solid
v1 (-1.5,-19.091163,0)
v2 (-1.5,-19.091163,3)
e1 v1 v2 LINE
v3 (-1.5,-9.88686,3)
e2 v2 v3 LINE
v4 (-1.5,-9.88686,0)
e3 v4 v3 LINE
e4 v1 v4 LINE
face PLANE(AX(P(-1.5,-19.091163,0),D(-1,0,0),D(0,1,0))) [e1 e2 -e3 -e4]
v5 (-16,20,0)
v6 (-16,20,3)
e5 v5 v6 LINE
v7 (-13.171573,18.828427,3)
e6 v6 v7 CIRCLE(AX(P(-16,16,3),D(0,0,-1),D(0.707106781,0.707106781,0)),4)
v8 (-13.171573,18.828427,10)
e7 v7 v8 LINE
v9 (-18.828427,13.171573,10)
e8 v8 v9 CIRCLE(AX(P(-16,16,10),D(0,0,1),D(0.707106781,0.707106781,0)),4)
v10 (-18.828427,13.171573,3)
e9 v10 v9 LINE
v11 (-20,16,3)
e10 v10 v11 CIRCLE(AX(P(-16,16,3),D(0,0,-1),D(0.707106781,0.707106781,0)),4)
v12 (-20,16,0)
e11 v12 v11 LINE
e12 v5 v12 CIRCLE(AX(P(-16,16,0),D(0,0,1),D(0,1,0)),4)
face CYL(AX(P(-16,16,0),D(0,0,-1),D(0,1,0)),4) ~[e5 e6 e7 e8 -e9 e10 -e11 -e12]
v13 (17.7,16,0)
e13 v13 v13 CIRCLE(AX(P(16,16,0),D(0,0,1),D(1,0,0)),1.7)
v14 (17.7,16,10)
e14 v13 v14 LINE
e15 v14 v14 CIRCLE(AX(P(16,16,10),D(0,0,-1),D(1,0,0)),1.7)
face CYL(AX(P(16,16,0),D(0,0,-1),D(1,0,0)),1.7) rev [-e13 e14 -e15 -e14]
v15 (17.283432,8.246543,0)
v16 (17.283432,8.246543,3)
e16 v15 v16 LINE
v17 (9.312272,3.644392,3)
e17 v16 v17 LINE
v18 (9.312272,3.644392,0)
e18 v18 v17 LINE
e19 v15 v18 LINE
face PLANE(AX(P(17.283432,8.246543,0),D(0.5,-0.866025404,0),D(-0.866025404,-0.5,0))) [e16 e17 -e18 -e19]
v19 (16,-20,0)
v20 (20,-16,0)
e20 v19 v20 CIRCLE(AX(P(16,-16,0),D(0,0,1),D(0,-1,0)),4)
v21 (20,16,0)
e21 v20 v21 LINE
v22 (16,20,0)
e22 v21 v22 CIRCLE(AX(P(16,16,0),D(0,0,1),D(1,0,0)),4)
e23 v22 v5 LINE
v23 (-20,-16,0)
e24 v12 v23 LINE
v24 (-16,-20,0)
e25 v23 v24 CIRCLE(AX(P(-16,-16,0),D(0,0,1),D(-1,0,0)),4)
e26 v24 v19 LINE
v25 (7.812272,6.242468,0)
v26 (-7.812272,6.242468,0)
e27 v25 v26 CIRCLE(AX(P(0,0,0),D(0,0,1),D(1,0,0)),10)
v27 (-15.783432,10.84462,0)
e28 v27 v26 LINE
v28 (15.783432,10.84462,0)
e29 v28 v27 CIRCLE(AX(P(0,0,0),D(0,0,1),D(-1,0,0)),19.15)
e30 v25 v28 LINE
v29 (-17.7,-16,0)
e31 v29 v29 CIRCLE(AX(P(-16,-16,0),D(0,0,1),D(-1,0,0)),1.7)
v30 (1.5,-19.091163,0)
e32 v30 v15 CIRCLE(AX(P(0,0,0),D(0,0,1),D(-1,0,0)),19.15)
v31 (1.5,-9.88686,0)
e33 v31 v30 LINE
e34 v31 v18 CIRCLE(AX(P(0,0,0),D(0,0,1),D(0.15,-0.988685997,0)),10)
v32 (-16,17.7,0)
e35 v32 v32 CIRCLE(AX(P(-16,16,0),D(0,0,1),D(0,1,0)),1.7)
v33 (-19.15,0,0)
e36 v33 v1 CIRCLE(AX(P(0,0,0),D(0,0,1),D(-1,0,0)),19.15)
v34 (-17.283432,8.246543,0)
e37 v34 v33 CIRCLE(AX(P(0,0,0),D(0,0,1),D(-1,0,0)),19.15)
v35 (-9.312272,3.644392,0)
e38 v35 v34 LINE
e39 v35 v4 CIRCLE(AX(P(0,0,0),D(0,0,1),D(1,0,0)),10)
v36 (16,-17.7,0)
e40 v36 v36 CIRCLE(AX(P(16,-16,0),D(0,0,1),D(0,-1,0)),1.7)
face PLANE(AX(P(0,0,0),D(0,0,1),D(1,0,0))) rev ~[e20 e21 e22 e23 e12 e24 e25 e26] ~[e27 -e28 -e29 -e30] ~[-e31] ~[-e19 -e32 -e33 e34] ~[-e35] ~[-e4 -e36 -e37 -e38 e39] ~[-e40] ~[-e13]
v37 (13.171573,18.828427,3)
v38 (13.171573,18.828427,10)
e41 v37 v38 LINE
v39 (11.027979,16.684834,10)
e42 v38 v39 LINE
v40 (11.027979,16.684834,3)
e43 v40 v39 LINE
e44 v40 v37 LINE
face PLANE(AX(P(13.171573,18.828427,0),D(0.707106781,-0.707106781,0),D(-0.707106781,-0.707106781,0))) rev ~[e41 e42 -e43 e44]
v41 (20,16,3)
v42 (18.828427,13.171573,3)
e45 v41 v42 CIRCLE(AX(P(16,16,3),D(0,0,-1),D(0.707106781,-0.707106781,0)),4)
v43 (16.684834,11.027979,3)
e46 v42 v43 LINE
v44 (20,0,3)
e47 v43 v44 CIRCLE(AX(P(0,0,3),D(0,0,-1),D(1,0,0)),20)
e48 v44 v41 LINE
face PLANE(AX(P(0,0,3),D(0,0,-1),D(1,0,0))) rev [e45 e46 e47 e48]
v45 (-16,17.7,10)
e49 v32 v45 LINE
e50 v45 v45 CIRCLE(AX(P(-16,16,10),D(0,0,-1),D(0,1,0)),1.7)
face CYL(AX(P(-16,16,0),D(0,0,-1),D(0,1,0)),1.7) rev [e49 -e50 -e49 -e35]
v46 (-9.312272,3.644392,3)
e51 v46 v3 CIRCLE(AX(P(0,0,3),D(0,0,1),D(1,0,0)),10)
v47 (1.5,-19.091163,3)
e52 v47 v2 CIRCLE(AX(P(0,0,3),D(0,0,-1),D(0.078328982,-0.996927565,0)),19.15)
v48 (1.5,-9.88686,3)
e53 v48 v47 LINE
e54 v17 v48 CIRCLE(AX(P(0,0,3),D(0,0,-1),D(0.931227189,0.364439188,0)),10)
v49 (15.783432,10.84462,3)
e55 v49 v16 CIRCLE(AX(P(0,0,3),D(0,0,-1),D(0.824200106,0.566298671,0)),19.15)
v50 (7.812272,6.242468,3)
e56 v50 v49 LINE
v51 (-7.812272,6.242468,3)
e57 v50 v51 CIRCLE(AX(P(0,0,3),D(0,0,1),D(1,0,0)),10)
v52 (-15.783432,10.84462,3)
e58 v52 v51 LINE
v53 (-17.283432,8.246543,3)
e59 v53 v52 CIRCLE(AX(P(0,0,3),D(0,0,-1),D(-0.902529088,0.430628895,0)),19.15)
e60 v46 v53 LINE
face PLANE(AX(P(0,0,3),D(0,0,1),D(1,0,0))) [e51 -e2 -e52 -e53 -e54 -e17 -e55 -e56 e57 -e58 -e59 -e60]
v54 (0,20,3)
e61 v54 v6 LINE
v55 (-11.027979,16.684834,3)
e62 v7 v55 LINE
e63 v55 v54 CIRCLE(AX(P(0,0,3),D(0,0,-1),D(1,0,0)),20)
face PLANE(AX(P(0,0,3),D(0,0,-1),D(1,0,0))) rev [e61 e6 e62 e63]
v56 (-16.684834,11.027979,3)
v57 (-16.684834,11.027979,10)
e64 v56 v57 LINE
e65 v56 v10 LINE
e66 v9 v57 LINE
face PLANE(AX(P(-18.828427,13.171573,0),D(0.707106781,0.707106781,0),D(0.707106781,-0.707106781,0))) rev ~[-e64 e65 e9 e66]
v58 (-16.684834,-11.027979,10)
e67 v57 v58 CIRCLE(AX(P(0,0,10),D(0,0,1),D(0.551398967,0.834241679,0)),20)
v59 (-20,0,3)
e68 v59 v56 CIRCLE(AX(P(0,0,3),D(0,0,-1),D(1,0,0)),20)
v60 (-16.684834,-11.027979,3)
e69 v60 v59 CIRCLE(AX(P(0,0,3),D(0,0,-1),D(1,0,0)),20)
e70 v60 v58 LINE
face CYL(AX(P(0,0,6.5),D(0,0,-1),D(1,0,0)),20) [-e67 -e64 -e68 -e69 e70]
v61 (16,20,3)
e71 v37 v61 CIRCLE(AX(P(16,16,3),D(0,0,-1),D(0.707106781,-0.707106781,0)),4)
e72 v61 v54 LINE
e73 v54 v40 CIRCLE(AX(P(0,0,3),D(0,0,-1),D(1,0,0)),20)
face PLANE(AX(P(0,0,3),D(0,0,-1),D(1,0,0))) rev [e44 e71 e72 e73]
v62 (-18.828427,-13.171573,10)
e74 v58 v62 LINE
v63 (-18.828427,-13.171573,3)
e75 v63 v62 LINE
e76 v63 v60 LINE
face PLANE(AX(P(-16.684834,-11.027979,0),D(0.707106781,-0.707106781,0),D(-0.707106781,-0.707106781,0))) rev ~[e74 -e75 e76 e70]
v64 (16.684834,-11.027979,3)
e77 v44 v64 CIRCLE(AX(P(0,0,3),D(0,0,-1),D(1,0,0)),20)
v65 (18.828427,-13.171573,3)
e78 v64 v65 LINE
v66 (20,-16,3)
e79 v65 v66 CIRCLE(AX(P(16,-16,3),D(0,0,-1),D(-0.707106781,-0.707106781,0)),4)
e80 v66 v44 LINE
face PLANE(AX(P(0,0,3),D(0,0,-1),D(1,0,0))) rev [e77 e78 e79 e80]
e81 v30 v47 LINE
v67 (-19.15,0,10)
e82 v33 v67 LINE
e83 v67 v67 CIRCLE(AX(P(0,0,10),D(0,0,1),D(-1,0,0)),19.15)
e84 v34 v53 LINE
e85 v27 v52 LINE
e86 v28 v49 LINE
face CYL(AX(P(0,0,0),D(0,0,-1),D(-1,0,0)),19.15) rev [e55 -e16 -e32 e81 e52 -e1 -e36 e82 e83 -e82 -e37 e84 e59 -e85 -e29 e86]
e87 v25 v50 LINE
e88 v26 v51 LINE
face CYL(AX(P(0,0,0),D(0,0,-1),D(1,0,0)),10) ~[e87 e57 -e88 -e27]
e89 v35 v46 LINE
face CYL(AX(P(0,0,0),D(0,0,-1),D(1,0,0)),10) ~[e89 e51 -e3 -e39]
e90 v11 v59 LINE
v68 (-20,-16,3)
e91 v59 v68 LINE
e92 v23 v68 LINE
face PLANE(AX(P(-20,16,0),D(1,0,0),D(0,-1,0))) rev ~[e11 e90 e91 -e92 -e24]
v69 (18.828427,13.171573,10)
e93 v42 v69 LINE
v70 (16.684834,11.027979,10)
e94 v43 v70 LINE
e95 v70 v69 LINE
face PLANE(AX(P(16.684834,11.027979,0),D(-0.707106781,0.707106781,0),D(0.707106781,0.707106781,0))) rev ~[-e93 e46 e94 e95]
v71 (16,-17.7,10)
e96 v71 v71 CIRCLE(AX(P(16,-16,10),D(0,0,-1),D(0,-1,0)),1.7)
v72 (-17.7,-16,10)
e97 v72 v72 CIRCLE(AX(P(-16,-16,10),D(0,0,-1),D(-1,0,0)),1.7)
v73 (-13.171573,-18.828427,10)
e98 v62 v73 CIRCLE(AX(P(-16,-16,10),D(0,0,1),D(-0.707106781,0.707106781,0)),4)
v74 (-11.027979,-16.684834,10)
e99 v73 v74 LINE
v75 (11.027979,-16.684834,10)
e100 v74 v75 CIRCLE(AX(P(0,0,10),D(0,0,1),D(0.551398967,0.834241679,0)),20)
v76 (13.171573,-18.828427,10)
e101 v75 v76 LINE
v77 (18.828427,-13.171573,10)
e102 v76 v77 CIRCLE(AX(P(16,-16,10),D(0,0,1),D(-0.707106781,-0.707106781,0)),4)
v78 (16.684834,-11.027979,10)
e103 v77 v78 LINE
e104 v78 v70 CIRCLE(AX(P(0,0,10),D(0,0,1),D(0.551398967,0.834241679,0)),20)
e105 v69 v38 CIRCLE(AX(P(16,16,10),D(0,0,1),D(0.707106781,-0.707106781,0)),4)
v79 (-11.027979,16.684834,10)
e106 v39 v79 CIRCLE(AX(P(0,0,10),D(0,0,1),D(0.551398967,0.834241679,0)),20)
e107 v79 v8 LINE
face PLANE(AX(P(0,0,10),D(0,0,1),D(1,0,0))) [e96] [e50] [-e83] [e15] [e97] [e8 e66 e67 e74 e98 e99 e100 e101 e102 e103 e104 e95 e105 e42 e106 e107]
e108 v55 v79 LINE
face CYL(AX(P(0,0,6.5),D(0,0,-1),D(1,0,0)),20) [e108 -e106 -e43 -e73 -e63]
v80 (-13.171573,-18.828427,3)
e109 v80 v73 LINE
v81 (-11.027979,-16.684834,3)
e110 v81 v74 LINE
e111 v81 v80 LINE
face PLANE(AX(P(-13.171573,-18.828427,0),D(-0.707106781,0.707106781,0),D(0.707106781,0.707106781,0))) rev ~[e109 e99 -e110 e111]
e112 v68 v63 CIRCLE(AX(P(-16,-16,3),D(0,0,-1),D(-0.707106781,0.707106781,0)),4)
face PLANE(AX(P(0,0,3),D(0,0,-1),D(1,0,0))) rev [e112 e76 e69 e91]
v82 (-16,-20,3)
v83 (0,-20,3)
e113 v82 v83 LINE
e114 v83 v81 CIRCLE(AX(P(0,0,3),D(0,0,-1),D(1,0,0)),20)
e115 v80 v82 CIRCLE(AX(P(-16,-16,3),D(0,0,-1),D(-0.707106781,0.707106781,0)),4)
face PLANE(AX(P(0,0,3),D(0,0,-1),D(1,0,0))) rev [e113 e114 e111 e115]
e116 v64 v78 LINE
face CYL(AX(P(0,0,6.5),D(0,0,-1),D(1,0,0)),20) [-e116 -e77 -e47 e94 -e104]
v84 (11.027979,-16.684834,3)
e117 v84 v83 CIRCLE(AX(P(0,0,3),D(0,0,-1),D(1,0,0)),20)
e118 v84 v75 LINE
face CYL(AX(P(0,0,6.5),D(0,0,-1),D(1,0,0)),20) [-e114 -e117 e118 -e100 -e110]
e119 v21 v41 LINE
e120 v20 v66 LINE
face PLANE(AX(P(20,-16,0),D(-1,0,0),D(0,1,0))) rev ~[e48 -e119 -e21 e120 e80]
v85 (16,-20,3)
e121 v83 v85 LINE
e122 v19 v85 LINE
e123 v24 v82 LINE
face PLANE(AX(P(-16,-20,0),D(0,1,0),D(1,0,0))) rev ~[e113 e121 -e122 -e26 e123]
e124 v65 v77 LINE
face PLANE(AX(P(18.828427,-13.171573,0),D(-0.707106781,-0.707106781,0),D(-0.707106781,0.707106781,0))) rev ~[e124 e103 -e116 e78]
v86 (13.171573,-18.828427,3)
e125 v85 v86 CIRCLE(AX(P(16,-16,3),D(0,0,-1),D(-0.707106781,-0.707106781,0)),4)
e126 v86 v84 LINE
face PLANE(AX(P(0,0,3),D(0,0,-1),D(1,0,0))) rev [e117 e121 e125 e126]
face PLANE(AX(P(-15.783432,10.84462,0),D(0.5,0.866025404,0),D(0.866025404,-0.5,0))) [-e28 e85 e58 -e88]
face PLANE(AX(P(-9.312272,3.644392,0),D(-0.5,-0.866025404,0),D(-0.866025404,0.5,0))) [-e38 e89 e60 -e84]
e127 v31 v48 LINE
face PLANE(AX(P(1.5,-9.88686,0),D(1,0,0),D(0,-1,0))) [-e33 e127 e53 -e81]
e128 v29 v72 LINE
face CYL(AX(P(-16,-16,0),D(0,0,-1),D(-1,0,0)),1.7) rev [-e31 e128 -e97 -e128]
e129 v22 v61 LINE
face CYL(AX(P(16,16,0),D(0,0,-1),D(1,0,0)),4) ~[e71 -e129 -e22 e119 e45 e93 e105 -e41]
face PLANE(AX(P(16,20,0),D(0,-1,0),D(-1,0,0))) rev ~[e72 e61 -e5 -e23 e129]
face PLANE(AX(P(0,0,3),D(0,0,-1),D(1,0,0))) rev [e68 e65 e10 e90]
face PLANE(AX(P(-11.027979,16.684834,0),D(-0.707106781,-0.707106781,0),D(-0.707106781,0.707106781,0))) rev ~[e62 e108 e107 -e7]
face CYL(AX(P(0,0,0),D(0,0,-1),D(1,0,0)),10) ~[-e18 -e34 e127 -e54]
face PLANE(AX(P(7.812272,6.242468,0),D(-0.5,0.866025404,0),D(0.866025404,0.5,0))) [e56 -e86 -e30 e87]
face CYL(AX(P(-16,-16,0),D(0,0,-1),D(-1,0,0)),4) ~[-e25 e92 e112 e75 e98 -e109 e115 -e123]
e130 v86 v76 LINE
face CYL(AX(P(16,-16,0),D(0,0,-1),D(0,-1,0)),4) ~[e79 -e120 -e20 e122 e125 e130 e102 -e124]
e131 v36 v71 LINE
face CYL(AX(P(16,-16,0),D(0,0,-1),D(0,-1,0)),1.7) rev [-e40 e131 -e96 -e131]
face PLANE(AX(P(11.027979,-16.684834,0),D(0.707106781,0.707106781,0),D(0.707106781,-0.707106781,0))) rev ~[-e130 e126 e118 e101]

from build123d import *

# Parameters (mm, degrees)
SKETCH_BODY_R                       = 19.15
BODY_DEPTH                          = 10
SKETCH_CUT_BODY_W                   = 7
SKETCH_CUT_BODY_H                   = 6.627416998
REINFORCMENT_STRIP_DEPTH            = 10
CIRPATTERN_REINFORCMENT_STRIP_COUNT = 4
SKETCH_FIXING_HOLE_R                = 1.7
FIXING_HOLE_DEPTH                   = 31
CIRPATTERN_FIXING_HOLE_COUNT        = 4
BONE_DEPTH                          = 3
CIRPATTERN_BONE_COUNT               = 3
SKETCH_FIXING_PLATE_FAN_R           = 10
FIXING_PLATE_FAN_DEPTH              = 3


with BuildPart() as part:
    # Sketch-Body → Body (new body)
    with BuildSketch(Plane.XY):
        with BuildLine():
            Line((-16, -20), (16, -20))
            ThreePointArc((16, -20), (18.828427125, -18.828427125), (20, -16))
            Line((20, -16), (20, 16))
            ThreePointArc((20, 16), (18.828427125, 18.828427125), (16, 20))
            Line((16, 20), (-16, 20))
            ThreePointArc((-16, 20), (-18.828427125, 18.828427125), (-20, 16))
            Line((-20, 16), (-20, -16))
            ThreePointArc((-20, -16), (-18.828427125, -18.828427125), (-16, -20))
        make_face()
        with Locations(Location((0, 0, 0), (0, 0, 180))):
            Circle(SKETCH_BODY_R, mode=Mode.SUBTRACT)
    extrude(amount=BODY_DEPTH)

    # Sketch-Cut-Body → Cut-Body (revolve, cut)
    with BuildSketch(Plane(origin=(0, 0, 0), x_dir=(0, 0, -1), z_dir=(1, 0, 0)), mode=Mode.PRIVATE) as cut_body_sk:
        with Locations((-6.5, 23.313708499)):
            Rectangle(SKETCH_CUT_BODY_W, SKETCH_CUT_BODY_H)
    revolve(cut_body_sk.sketch.rotate(Axis((0, 0, 10), (0, 0, -1)), 90), axis=Axis((0, 0, 10), (0, 0, -1)), mode=Mode.SUBTRACT)

    # Sketch-Reinforcment-Strip → Reinforcment-Strip (add)
    with BuildSketch(Plane.XY):
        with BuildLine():
            Line((16.684833585, 11.027979336), (18.828427125, 13.171572875))
            ThreePointArc((18.828427125, 13.171572875), (18.828427125, 18.828427125), (13.171572875, 18.828427125))
            Line((13.171572875, 18.828427125), (11.027979336, 16.684833585))
            ThreePointArc((11.027979336, 16.684833585), (14.142135624, 14.142135624), (16.684833585, 11.027979336))
        make_face()
    reinforcment_strip = extrude(amount=REINFORCMENT_STRIP_DEPTH)

    # CirPattern-Reinforcment-Strip: Reinforcment-Strip ×4 about axis
    cirpattern_reinforcment_strip_axis = Axis((0, 0, 0), (0, 0, 1))
    for i in range(1, CIRPATTERN_REINFORCMENT_STRIP_COUNT):
        add(reinforcment_strip.rotate(cirpattern_reinforcment_strip_axis, i * 360 / CIRPATTERN_REINFORCMENT_STRIP_COUNT))

    # Sketch-Fixing-Hole → Fixing-Hole (cut, through all)
    with BuildSketch(Plane.XY):
        with Locations((16, 16)):
            Circle(SKETCH_FIXING_HOLE_R)
    fixing_hole = extrude(amount=FIXING_HOLE_DEPTH, mode=Mode.SUBTRACT)

    # CirPattern-Fixing-Hole: Fixing-Hole ×4 about axis
    cirpattern_fixing_hole_axis = Axis((0, 0, 0), (0, 0, 1))
    for i in range(1, CIRPATTERN_FIXING_HOLE_COUNT):
        add(fixing_hole.rotate(cirpattern_fixing_hole_axis, i * 360 / CIRPATTERN_FIXING_HOLE_COUNT), mode=Mode.SUBTRACT)

    # Sketch-Bone → Bone (add)
    with BuildSketch(Plane.XY):
        with BuildLine():
            Line((1.5, -9.886859967), (1.5, -19.091162877))
            ThreePointArc((1.5, -19.091162877), (0, -19.15), (-1.5, -19.091162877))
            Line((-1.5, -19.091162877), (-1.5, -9.886859967))
            ThreePointArc((-1.5, -9.886859967), (0, -10), (1.5, -9.886859967))
        make_face()
    bone = extrude(amount=BONE_DEPTH)

    # CirPattern-Bone: Bone ×3 about axis
    cirpattern_bone_axis = Axis((0, 0, 0), (0, 0, 1))
    for i in range(1, CIRPATTERN_BONE_COUNT):
        add(bone.rotate(cirpattern_bone_axis, i * 360 / CIRPATTERN_BONE_COUNT))

    # Sketch-Fixing-Plate-Fan → Fixing-Plate-Fan (add)
    with BuildSketch(Plane.XY):
        Circle(SKETCH_FIXING_PLATE_FAN_R)
    extrude(amount=FIXING_PLATE_FAN_DEPTH)


solid = part.part
